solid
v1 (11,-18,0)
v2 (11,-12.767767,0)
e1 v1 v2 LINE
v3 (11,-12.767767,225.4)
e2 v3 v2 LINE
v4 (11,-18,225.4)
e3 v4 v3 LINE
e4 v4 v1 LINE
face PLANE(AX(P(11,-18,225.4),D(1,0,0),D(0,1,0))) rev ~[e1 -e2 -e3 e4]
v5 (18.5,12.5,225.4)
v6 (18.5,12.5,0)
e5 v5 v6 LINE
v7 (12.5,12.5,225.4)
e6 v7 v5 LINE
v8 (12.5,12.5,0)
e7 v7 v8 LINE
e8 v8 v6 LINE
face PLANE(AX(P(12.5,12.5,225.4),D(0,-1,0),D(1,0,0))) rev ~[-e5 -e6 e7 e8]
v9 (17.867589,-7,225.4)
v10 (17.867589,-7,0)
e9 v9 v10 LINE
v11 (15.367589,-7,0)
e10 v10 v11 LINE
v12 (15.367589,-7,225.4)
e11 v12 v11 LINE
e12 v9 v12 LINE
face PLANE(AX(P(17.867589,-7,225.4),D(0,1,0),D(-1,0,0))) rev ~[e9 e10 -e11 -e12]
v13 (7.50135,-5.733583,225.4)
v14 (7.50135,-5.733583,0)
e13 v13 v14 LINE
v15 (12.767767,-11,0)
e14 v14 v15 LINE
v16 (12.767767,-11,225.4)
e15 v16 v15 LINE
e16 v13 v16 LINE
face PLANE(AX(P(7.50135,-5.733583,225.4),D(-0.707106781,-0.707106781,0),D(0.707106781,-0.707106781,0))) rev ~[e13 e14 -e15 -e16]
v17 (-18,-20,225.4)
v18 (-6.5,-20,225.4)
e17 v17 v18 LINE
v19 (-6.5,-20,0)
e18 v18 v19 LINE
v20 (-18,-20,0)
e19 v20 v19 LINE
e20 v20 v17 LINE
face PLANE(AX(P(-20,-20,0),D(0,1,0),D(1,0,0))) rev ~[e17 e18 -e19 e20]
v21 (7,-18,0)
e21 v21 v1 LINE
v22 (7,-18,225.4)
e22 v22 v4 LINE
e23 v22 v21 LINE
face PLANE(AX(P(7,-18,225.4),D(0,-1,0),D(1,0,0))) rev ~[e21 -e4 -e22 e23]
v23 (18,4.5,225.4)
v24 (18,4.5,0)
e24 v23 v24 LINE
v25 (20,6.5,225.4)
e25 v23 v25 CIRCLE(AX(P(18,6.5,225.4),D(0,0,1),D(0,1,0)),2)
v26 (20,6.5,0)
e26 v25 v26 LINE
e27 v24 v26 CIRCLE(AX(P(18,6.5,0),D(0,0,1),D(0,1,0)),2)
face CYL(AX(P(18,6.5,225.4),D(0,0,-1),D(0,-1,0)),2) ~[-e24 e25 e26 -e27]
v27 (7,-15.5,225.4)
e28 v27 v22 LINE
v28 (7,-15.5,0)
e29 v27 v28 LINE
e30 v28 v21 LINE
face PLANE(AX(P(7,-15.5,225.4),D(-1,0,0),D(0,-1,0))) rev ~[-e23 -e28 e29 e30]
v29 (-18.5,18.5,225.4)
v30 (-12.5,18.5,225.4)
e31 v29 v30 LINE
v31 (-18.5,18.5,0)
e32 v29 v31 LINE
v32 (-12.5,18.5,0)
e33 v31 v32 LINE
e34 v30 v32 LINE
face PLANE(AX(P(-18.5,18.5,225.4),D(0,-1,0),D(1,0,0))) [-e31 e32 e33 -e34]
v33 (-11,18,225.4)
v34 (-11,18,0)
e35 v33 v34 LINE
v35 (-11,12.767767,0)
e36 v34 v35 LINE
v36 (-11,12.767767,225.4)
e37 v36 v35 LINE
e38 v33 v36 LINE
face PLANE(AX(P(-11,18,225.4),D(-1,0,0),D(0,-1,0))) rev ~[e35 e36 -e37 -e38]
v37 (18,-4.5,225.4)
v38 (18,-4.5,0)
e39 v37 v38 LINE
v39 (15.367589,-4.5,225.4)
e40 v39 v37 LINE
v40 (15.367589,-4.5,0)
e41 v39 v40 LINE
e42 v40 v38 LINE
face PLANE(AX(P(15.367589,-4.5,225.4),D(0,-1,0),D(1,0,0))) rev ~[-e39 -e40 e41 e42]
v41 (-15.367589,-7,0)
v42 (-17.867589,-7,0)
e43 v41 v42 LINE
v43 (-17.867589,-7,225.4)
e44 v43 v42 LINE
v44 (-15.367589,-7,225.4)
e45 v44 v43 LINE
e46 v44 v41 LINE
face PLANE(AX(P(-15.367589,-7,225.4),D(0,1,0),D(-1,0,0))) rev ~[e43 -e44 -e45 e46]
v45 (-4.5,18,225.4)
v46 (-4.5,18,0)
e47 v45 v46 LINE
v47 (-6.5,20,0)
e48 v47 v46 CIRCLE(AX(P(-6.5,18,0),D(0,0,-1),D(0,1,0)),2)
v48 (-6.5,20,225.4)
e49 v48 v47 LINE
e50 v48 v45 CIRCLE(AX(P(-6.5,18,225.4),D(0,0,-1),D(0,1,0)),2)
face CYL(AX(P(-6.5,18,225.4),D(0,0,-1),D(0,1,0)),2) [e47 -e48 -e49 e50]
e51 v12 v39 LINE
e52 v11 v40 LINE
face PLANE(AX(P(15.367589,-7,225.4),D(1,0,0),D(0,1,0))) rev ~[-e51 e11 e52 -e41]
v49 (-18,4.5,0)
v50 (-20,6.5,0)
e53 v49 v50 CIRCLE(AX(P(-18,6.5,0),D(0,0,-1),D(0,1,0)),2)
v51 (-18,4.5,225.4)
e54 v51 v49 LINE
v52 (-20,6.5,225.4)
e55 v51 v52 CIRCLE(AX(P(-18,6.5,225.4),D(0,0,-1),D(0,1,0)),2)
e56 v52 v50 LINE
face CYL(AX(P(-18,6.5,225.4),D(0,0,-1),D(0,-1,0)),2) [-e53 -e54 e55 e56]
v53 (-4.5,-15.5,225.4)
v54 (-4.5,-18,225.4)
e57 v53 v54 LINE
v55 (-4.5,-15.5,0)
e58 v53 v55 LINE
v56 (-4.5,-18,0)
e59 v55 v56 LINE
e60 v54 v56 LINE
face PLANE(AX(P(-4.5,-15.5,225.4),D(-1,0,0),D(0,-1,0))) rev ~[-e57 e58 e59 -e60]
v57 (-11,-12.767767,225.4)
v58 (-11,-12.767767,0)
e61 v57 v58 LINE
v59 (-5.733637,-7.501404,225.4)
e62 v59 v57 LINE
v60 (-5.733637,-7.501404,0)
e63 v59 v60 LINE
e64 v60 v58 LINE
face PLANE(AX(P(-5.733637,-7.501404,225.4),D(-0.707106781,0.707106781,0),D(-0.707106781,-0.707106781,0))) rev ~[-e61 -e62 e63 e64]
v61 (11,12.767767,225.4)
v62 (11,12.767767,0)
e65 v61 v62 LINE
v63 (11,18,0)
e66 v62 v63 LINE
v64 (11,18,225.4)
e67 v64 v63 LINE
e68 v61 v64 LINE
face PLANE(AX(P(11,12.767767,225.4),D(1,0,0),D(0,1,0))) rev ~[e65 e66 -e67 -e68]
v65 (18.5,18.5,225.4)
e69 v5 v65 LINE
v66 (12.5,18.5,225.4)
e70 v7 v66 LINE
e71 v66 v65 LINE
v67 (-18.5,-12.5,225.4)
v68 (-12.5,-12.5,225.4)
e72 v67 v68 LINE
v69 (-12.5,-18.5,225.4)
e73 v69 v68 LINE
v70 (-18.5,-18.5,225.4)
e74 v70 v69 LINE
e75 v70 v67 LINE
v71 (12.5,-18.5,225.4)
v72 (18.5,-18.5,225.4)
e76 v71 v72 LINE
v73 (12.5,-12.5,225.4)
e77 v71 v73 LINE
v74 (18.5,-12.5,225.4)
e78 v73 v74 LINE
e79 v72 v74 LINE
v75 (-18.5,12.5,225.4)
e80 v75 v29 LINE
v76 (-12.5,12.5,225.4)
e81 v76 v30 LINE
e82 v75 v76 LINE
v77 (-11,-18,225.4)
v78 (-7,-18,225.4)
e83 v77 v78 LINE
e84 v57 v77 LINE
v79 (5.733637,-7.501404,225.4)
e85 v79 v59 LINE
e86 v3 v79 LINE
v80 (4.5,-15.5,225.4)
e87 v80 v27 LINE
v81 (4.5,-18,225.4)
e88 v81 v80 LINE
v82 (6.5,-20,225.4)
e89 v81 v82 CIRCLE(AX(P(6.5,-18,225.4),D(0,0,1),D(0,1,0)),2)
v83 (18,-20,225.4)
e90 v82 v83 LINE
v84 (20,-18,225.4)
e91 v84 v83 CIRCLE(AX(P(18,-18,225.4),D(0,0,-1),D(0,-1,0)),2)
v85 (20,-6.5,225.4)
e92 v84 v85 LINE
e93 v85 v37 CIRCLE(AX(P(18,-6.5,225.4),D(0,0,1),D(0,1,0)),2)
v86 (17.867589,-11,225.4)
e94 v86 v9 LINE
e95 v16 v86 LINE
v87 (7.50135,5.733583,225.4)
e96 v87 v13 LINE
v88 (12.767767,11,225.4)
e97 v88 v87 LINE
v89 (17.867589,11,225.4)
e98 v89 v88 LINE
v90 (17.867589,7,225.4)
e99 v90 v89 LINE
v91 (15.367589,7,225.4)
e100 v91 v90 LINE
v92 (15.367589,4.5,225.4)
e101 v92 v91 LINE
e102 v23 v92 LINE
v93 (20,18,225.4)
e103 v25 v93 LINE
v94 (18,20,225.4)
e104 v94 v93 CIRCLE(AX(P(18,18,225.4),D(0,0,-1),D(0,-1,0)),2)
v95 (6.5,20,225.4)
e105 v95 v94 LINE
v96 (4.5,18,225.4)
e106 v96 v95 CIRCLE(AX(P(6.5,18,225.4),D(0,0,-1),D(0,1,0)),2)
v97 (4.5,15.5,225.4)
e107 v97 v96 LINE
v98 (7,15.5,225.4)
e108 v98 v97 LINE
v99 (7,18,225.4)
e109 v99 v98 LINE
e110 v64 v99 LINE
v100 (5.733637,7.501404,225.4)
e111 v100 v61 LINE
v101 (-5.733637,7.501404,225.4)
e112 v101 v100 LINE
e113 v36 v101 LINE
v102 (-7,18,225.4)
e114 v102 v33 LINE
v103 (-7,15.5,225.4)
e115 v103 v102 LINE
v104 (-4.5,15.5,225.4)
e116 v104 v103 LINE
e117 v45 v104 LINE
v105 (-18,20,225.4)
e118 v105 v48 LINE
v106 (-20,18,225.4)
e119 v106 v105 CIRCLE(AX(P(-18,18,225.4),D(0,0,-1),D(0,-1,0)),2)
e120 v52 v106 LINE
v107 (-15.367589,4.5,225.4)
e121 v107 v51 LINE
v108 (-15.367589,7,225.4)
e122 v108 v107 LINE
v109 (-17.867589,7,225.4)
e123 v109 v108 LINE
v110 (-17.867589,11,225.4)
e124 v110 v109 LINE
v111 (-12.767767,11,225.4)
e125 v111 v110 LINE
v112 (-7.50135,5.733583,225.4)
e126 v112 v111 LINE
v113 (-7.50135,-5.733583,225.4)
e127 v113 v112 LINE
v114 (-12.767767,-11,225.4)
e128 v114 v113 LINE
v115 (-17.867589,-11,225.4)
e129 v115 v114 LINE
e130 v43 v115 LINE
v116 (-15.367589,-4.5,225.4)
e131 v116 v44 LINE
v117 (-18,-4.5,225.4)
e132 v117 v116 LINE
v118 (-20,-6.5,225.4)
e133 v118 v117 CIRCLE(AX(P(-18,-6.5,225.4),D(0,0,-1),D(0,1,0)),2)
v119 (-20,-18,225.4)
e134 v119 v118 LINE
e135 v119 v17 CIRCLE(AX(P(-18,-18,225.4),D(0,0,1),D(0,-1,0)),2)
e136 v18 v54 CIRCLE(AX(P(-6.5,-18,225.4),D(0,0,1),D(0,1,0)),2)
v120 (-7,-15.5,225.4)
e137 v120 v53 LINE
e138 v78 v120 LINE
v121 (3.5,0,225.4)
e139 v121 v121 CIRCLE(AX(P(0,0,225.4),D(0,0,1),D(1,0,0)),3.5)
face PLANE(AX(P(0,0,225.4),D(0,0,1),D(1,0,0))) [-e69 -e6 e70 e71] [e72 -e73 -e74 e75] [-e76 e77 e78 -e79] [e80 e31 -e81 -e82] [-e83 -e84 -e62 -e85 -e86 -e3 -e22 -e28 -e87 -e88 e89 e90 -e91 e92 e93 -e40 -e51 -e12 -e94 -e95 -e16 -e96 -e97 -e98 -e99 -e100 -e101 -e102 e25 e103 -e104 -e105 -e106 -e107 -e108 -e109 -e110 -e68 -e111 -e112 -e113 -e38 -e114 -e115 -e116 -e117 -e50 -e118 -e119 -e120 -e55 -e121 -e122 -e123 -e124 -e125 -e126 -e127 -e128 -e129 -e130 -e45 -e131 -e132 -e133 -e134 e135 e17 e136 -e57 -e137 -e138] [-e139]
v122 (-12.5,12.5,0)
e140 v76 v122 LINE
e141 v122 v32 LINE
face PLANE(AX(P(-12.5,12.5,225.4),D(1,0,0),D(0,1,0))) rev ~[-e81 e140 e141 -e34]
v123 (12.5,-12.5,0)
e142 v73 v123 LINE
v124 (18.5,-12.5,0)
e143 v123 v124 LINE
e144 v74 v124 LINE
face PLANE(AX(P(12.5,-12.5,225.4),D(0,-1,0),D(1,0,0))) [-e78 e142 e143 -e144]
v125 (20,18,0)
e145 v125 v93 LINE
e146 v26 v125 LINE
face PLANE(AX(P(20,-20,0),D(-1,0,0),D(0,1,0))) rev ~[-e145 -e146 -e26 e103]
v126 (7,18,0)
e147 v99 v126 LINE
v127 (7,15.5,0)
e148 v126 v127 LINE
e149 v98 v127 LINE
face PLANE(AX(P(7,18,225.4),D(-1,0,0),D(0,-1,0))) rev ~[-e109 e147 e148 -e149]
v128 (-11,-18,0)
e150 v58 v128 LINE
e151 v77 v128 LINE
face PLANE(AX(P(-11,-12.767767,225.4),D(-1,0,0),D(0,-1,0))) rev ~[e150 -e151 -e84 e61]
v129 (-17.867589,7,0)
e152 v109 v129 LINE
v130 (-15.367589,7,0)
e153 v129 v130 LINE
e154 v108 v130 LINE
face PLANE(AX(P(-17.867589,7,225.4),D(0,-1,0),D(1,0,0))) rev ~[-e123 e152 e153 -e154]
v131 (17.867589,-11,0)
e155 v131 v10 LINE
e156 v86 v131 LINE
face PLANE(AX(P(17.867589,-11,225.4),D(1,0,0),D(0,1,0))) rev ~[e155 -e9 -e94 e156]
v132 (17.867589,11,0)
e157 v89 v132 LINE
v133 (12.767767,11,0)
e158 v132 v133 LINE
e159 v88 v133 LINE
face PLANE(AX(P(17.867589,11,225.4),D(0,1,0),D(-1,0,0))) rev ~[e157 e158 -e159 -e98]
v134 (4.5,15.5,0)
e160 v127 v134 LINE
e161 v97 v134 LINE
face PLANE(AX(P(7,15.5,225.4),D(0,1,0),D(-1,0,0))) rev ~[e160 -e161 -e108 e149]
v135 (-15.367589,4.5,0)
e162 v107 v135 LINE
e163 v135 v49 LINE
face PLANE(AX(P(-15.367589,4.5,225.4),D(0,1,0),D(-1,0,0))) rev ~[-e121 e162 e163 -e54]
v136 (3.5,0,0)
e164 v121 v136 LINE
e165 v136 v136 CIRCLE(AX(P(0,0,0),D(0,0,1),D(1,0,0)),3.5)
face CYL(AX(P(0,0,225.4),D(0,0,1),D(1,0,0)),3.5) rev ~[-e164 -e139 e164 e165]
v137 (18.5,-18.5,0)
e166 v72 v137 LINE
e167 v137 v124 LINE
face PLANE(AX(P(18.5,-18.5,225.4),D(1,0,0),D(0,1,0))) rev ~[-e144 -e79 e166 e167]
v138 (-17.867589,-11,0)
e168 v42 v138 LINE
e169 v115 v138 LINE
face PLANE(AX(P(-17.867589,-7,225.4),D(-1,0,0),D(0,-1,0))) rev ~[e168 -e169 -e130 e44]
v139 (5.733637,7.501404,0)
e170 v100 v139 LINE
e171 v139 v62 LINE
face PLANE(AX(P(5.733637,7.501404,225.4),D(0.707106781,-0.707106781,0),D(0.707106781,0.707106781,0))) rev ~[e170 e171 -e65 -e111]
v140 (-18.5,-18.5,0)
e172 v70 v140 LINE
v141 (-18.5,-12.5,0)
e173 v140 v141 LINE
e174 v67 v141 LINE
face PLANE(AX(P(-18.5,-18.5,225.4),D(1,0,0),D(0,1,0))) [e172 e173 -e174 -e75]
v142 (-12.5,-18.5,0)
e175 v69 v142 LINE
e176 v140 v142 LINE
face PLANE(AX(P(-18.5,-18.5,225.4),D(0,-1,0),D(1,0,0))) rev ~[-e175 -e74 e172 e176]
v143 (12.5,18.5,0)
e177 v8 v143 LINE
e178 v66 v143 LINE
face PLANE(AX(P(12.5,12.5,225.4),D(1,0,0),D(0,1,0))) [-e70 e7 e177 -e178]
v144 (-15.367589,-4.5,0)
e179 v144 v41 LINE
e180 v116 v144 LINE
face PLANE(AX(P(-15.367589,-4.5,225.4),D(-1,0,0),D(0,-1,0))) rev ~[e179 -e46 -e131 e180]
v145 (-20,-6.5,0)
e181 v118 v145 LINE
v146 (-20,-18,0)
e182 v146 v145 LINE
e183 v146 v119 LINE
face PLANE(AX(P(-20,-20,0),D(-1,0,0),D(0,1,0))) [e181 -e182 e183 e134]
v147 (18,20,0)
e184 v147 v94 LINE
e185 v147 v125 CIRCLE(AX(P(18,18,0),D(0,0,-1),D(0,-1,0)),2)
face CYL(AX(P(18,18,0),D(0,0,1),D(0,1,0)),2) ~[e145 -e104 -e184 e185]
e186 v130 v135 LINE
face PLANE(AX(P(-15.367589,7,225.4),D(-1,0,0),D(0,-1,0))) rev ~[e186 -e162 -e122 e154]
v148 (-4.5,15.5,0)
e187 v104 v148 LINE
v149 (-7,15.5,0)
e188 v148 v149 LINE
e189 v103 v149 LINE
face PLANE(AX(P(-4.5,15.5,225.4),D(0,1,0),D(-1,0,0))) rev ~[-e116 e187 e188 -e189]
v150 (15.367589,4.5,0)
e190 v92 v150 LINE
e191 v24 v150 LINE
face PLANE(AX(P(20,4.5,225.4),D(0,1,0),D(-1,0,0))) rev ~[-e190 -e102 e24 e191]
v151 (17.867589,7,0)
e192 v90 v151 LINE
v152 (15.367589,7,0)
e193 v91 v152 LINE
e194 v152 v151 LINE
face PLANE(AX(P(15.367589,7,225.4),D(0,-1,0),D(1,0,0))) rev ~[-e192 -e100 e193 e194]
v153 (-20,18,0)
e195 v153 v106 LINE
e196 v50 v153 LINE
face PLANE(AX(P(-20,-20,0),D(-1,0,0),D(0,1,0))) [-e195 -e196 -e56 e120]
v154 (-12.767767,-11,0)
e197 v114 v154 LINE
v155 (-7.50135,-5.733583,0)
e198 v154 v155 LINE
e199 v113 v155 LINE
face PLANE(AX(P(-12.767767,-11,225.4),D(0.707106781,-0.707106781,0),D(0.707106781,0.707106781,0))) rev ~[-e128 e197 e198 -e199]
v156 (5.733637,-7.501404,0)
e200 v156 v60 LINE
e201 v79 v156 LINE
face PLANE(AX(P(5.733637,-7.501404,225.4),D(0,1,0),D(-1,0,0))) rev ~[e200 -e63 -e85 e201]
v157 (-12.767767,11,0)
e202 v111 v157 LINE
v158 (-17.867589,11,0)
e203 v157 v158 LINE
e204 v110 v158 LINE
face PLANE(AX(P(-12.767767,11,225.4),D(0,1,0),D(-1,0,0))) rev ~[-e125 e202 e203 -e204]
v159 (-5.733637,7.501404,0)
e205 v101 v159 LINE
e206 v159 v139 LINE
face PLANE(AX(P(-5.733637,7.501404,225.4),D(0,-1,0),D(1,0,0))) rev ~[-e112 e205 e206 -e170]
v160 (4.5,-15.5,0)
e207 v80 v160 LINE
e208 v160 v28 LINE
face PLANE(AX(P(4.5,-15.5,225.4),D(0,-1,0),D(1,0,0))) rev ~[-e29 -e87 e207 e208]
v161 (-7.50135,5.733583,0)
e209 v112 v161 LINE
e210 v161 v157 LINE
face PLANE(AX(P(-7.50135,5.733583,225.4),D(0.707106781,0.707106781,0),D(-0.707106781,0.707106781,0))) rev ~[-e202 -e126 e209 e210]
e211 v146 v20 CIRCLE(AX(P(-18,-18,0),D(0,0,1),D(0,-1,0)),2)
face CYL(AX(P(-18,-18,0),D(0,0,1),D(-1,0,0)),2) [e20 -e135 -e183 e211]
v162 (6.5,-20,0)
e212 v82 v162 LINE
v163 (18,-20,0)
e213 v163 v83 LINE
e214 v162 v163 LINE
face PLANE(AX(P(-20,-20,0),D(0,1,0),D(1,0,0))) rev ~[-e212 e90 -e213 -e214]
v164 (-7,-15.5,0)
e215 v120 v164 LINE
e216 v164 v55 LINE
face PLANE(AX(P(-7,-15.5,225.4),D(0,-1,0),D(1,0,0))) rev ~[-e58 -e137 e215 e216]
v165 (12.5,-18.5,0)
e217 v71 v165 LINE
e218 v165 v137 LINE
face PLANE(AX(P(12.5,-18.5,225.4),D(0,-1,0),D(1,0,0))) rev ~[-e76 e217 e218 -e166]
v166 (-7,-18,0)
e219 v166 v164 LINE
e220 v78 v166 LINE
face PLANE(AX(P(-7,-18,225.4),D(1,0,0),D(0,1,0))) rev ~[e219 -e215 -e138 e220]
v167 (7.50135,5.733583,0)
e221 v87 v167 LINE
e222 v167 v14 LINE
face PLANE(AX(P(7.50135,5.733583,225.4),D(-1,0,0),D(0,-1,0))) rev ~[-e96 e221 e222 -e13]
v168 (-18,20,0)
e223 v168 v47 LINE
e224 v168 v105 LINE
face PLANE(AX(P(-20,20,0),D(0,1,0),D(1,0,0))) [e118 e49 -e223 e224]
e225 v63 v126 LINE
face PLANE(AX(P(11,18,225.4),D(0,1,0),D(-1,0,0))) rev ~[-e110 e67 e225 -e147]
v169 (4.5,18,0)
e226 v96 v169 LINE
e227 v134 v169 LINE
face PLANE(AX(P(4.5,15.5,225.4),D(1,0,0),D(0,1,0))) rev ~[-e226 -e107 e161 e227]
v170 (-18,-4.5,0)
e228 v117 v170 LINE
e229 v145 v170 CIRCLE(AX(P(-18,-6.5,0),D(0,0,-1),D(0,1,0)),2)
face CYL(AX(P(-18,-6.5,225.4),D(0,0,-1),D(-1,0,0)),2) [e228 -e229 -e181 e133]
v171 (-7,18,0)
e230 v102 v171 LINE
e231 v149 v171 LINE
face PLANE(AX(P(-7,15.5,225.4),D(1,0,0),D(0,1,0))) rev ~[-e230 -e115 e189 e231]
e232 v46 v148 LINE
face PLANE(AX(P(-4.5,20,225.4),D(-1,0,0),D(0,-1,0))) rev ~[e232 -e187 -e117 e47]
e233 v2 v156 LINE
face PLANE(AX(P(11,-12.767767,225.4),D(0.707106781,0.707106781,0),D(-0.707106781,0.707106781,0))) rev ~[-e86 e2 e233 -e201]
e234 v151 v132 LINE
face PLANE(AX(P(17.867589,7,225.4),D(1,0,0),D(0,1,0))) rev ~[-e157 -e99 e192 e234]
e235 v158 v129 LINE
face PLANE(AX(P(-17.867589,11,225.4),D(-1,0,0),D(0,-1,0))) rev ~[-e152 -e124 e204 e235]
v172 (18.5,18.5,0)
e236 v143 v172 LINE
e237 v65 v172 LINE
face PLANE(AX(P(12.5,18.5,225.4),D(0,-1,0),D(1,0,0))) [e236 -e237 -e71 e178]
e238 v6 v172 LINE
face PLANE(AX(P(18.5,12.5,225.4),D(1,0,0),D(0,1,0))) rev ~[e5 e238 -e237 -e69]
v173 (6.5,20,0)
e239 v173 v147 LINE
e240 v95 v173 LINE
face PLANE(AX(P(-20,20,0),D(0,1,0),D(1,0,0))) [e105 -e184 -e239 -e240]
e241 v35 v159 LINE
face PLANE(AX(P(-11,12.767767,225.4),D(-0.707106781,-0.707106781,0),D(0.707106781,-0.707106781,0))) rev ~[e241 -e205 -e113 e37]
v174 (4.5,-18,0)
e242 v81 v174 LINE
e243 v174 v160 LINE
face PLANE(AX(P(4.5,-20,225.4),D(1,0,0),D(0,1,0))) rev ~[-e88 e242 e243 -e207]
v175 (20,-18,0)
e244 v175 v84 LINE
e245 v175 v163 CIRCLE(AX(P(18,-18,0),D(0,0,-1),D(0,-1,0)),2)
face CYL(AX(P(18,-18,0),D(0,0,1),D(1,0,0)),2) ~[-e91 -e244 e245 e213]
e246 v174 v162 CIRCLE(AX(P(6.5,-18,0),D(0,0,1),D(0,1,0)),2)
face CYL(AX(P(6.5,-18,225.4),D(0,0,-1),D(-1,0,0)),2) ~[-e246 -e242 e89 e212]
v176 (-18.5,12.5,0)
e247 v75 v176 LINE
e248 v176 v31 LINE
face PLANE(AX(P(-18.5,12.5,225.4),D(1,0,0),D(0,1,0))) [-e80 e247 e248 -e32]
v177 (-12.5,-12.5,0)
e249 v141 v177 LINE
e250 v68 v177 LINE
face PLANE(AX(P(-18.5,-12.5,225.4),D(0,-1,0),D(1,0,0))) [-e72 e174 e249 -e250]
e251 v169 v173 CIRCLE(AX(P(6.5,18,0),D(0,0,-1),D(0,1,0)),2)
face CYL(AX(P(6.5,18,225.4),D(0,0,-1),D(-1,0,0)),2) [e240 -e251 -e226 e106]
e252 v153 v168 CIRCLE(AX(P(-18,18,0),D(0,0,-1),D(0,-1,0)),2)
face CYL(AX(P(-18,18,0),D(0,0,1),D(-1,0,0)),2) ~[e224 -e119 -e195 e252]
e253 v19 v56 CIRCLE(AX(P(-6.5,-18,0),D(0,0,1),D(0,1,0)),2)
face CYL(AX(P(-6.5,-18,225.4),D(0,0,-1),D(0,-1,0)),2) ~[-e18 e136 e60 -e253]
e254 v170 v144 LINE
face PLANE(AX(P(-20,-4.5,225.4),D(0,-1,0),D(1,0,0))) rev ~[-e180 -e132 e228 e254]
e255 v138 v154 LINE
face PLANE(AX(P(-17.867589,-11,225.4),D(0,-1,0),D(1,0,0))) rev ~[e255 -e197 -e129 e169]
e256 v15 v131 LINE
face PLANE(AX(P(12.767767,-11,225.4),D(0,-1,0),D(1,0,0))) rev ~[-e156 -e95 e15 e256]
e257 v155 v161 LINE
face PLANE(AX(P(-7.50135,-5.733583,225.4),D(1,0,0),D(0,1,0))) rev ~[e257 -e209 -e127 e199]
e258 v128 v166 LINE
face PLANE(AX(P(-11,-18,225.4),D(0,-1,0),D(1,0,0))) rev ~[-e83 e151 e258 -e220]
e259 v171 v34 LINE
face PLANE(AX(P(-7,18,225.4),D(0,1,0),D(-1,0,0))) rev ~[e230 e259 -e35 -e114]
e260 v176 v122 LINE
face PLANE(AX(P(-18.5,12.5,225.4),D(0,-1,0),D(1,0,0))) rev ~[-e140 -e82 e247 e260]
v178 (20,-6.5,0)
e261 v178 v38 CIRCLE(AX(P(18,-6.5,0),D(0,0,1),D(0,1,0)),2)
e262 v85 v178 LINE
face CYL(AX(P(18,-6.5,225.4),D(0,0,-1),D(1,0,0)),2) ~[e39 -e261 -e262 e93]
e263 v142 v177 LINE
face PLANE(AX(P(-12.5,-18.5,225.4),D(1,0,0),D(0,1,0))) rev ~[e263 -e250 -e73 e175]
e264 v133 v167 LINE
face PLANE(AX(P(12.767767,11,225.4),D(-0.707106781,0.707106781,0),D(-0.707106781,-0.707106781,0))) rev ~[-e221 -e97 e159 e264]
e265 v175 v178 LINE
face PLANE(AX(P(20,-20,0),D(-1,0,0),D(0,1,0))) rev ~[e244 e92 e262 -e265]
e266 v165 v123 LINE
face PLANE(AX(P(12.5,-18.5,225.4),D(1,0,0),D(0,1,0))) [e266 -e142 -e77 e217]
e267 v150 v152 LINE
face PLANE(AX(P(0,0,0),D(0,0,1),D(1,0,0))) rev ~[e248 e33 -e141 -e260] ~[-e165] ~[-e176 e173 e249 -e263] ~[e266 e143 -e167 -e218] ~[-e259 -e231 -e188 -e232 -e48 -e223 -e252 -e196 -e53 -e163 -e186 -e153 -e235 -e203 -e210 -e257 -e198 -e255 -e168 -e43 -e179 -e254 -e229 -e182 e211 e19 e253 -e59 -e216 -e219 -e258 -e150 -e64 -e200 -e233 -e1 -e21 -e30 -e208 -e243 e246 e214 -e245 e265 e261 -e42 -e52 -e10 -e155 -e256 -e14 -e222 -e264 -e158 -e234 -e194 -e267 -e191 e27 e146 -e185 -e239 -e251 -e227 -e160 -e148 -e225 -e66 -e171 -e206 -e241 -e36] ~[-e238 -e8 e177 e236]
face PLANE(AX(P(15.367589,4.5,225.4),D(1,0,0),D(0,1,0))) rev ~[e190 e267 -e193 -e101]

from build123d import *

# Parameters (mm, degrees)
CROQUIS1_W              = 40
CROQUIS1_H              = 40
SALIENTE_EXTRUIR1_DEPTH = 225.4
CROQUIS2_W              = 6
CROQUIS2_H              = 6
CROQUIS2_R              = 3.5
CORTAR_EXTRUIR2_DEPTH   = 225.4
REDONDEO1_R             = 2
REDONDEO2_R             = 2


with BuildPart() as part:
    # Croquis1 → Saliente-Extruir1 (new body)
    with BuildSketch(Plane.XY):
        Rectangle(CROQUIS1_W, CROQUIS1_H)
    extrude(amount=SALIENTE_EXTRUIR1_DEPTH)

    # Croquis2 → Cortar-Extruir2 (cut)
    with BuildSketch(Plane.XY.offset(225.4)):
        with Locations((-15.5, 15.5)):
            Rectangle(CROQUIS2_W, CROQUIS2_H)
        Polygon((4.5, 15.5), (4.5, 20), (-4.5, 20), (-4.5, 15.5), (-7, 15.5), (-7, 18), (-11, 18), (-11, 12.767766953), (-5.733637236, 7.501404189), (5.733637236, 7.501404189), (11, 12.767766953), (11, 18), (7, 18), (7, 15.5), align=None)
        with Locations((15.5, 15.5)):
            Rectangle(CROQUIS2_W, CROQUIS2_H)
        Polygon((15.367588592, -4.5), (20, -4.5), (20, 4.5), (15.367588592, 4.5), (15.367588592, 7), (17.867588592, 7), (17.867588592, 11), (12.767766953, 11), (7.501349817, 5.733582864), (7.501349817, -5.733582864), (12.767766953, -11), (17.867588592, -11), (17.867588592, -7), (15.367588592, -7), align=None)
        Polygon((-20, 4.5), (-20, -4.5), (-15.367588592, -4.5), (-15.367588592, -7), (-17.867588592, -7), (-17.867588592, -11), (-12.767766953, -11), (-7.501349817, -5.733582864), (-7.501349817, 5.733582864), (-12.767766953, 11), (-17.867588592, 11), (-17.867588592, 7), (-15.367588592, 7), (-15.367588592, 4.5), align=None)
        Circle(CROQUIS2_R)
        Polygon((11, -12.767766953), (5.733637236, -7.501404189), (-5.733637236, -7.501404189), (-11, -12.767766953), (-11, -18), (-7, -18), (-7, -15.5), (-4.5, -15.5), (-4.5, -20), (4.5, -20), (4.5, -15.5), (7, -15.5), (7, -18), (11, -18), align=None)
        with Locations((-15.5, -15.5)):
            Rectangle(CROQUIS2_W, CROQUIS2_H)
        with Locations((15.5, -15.5)):
            Rectangle(CROQUIS2_W, CROQUIS2_H)
    extrude(amount=-CORTAR_EXTRUIR2_DEPTH, mode=Mode.SUBTRACT)

    # Redondeo1
    redondeo1_edges = [part.edges().sort_by_distance(p)[0] for p in [
        (20, -20, 112.7),
        (-20, -20, 112.7),
        (-20, 20, 112.7),
        (20, 20, 112.7),
    ]]
    fillet(redondeo1_edges, radius=REDONDEO1_R)

    # Redondeo2
    redondeo2_edges = [part.edges().sort_by_distance(p)[0] for p in [
        (4.5, 20, 112.7),
        (-4.5, 20, 112.7),
        (20, -4.5, 112.7),
        (20, 4.5, 112.7),
        (-20, 4.5, 112.7),
        (-20, -4.5, 112.7),
        (-4.5, -20, 112.7),
        (4.5, -20, 112.7),
    ]]
    fillet(redondeo2_edges, radius=REDONDEO2_R)


solid = part.part
